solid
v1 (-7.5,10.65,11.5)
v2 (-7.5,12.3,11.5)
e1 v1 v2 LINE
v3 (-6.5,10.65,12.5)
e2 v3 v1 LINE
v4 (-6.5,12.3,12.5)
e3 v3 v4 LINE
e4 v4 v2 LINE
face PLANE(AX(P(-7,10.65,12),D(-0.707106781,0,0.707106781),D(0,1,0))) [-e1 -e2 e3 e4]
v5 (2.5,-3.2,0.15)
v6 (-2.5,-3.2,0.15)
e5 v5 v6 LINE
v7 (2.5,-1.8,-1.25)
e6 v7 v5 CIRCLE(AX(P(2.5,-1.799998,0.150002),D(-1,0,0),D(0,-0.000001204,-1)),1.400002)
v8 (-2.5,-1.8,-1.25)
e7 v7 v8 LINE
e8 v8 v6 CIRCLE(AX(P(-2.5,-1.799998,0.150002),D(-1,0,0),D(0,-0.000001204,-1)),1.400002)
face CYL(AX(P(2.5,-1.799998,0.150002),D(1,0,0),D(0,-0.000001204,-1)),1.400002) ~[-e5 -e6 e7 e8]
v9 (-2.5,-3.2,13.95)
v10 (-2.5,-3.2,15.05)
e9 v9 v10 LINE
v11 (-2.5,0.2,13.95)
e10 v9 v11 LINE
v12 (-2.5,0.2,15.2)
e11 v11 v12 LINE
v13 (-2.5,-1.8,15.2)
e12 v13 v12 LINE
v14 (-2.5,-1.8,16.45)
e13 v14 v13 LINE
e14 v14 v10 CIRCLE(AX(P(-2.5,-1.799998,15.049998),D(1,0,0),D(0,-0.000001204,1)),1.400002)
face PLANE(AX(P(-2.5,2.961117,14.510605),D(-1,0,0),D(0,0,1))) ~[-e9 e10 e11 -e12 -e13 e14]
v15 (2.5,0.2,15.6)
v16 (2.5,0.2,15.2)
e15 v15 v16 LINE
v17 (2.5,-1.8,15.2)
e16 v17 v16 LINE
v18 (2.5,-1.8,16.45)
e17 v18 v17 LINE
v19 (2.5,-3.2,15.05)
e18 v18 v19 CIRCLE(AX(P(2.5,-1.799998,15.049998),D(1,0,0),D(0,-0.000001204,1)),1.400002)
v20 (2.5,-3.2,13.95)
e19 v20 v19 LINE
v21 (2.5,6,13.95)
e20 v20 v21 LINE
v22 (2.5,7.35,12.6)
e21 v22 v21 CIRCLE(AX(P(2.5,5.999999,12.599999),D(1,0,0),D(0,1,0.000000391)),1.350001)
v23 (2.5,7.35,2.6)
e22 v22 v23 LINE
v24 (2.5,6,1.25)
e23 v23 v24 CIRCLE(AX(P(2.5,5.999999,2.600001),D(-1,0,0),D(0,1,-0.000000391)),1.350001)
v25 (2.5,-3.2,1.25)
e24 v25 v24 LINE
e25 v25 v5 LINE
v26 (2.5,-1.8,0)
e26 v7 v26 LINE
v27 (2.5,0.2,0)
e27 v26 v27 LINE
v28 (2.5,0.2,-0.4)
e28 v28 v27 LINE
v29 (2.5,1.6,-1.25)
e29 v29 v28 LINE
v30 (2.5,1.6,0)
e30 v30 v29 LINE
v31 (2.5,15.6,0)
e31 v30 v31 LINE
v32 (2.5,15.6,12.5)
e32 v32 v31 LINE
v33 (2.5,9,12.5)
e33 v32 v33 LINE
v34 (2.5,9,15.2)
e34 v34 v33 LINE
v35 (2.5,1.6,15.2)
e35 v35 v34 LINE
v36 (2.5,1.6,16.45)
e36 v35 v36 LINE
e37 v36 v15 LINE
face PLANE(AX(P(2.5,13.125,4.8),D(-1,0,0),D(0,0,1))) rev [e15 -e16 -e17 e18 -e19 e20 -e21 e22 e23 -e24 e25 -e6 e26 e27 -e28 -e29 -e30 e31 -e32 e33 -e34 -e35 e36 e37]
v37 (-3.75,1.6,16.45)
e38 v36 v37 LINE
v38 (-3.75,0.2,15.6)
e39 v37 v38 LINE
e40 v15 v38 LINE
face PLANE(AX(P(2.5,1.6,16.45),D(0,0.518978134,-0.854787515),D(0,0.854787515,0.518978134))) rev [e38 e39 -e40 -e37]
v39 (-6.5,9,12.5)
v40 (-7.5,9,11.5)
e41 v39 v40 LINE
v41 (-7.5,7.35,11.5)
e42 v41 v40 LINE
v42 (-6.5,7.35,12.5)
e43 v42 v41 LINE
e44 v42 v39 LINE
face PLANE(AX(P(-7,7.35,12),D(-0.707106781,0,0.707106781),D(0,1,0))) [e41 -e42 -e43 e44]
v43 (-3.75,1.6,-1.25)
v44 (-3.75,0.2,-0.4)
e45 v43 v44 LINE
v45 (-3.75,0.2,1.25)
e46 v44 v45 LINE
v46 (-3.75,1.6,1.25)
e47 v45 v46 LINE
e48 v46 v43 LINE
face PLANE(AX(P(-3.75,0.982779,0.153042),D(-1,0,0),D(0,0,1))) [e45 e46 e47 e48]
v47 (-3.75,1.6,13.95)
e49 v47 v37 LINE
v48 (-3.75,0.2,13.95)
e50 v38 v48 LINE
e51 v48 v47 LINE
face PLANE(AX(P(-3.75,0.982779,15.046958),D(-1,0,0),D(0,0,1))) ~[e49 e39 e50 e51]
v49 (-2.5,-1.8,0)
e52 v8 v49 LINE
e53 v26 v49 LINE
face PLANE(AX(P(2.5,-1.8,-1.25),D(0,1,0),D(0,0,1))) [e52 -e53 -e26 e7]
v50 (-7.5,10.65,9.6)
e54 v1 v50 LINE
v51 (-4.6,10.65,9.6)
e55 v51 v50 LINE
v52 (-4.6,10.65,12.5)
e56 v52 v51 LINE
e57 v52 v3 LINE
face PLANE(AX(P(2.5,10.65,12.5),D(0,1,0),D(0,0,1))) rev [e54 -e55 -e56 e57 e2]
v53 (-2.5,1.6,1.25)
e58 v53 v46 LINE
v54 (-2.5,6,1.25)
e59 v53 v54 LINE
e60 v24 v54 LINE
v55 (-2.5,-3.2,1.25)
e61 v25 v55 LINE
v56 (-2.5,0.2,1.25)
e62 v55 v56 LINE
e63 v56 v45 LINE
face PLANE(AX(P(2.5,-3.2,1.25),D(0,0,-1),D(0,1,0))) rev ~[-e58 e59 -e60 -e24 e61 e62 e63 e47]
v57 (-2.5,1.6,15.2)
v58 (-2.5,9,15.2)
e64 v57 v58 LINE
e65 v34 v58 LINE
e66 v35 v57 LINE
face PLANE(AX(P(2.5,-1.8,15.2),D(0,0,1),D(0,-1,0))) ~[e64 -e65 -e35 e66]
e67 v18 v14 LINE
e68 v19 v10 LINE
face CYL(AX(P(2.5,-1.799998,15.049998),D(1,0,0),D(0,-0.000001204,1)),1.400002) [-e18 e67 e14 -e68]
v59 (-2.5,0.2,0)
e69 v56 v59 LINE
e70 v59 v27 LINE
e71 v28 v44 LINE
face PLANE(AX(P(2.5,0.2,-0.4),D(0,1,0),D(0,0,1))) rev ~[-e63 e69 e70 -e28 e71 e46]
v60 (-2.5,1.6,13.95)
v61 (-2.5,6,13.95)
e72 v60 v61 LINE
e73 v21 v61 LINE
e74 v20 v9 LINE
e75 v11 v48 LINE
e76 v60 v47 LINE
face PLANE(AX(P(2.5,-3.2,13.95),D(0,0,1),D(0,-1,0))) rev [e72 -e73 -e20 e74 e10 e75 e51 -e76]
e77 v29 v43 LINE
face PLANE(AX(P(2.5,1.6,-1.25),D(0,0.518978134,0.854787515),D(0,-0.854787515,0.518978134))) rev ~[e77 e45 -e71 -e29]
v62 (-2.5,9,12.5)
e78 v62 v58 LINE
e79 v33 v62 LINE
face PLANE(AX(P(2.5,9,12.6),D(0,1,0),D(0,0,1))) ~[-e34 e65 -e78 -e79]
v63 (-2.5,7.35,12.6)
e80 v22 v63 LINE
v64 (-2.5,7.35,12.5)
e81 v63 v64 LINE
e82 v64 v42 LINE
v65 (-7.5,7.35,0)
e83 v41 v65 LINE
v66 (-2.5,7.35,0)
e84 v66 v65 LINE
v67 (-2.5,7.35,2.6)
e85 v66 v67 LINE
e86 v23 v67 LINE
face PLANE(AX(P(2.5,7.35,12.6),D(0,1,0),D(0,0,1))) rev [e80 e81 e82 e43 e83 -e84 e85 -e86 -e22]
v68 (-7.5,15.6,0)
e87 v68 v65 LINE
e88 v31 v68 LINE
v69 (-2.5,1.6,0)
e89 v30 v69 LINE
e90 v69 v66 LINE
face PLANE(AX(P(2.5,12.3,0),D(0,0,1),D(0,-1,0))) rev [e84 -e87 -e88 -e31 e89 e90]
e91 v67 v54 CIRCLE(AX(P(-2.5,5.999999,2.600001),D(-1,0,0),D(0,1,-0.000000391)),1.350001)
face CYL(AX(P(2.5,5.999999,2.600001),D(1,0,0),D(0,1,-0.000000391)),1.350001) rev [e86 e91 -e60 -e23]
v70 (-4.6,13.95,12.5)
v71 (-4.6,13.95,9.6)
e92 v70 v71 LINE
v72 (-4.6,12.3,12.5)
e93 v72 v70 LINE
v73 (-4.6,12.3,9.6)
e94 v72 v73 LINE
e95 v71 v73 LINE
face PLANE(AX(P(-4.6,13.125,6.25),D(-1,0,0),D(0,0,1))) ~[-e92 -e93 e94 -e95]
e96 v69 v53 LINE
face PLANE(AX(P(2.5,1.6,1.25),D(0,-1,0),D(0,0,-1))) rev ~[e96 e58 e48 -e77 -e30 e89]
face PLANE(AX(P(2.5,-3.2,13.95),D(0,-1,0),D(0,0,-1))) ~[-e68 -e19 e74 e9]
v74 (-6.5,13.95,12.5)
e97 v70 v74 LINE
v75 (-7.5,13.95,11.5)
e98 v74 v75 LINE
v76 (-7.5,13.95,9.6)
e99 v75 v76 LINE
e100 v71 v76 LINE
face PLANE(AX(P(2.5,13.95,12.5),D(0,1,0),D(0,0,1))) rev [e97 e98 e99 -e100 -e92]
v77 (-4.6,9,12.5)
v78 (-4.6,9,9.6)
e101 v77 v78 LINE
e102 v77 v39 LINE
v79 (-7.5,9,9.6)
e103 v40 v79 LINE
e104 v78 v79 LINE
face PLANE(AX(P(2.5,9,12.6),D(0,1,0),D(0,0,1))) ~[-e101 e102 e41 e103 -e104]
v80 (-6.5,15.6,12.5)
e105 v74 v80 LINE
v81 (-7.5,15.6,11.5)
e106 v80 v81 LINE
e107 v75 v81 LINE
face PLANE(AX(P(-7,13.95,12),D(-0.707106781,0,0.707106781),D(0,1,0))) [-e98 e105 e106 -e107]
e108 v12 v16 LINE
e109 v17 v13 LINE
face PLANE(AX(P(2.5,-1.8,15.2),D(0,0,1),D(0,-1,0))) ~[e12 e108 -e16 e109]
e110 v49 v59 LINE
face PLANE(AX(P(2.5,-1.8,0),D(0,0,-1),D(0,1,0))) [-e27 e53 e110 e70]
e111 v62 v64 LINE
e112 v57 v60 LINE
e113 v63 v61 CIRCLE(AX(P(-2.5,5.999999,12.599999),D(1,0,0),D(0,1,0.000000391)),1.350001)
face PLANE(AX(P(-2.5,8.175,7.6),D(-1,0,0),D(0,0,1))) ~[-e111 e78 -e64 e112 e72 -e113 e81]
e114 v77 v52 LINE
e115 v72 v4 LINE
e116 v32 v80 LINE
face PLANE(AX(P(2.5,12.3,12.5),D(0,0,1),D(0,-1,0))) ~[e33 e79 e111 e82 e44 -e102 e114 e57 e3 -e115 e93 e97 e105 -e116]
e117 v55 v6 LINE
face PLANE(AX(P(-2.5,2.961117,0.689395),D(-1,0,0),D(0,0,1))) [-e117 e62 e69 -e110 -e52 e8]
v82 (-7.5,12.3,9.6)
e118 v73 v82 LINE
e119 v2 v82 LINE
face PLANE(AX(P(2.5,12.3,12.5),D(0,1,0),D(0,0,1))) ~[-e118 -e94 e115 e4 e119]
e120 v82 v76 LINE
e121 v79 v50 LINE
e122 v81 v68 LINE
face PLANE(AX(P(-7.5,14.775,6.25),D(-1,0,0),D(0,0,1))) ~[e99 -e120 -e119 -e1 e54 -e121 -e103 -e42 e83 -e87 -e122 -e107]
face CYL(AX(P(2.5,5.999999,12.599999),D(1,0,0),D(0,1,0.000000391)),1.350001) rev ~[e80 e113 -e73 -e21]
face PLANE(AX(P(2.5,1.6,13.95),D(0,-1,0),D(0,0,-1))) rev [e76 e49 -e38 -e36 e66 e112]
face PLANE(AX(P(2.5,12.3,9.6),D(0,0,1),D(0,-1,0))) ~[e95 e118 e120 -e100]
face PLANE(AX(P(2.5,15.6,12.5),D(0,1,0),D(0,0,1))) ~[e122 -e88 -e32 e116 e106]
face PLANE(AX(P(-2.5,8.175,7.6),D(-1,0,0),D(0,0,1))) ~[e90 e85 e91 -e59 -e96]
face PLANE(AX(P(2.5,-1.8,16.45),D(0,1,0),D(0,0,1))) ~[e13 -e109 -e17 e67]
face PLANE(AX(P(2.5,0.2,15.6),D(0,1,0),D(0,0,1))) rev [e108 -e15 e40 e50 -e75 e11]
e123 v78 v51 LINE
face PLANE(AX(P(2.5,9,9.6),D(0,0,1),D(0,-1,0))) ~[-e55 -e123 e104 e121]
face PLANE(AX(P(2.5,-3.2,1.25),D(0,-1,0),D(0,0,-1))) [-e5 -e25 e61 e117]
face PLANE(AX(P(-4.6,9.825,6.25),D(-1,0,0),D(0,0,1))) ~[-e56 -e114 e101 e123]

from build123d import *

# Parameters (mm, degrees)
PAD017_DEPTH              = 5
PAD020_DEPTH              = 6.25
SKETCH038_W               = 10
SKETCH038_H               = 1.65
PAD021_DEPTH              = 5
SKETCH078_W               = 12.5
SKETCH078_H               = 1.65
PAD047_DEPTH              = 10
SKETCH076_W               = 9.6
SKETCH076_H               = 1.65
PAD048_DEPTH              = 10
SKETCH075_W               = 12.5
SKETCH075_H               = 1.65
PAD049_DEPTH              = 7.1
SKETCH077_W               = 12.5
SKETCH077_H               = 1.65
PAD050_DEPTH              = 10
LINEARPATTERN017_COUNT    = 2
LINEARPATTERN017_PITCH    = 3.3
CHAMFER007_SIZE           = 1
MIRROR009_PLACEMENT_ANGLE = 90


with BuildPart() as bc_c:
    # Sketch034 → Pad017 (new body)
    with BuildSketch(Plane.XY):
        with BuildLine():
            Line((-1.35, -1.8), (-1.35, 6))
            ThreePointArc((0, 7.35), (-0.954594, 6.954594), (-1.35, 6))
            Line((0, 9), (0, 7.35))
            Line((-2.6, 9), (0, 9))
            Line((-2.6, -1.8), (-2.6, 9))
            Line((-3.85, -1.8), (-2.6, -1.8))
            ThreePointArc((-3.85, -1.8), (-3.439949, -2.789949), (-2.45, -3.2))
            Line((-1.35, -3.2), (-2.45, -3.2))
            Line((-1.35, -1.8), (-1.35, -3.2))
        make_face()
    extrude(amount=PAD017_DEPTH)

    # Sketch037 → Pad020 (join)
    with BuildSketch(Plane.XY):
        Polygon((-1.35, 0.2), (-1.35, 1.6), (-2.6, 1.6), (-3.85, 1.6), (-3, 0.2), (-2.6, 0.2), align=None)
    extrude(amount=PAD020_DEPTH)


with BuildPart() as body026:
    # Mirror002: instance of _bc_c
    add(bc_c.part.mirror(Plane(origin=(5, 0, 0), x_dir=(0, 1, 0), z_dir=(-1, 0, 0))))

    # Fusion002: union _bc_c
    add(bc_c.part)


with BuildPart() as body026_1:
    # Clone003 placement: moved
    add(body026.part.moved(Location((-5, 0, 0))))

    # Sketch038 → Pad021 (new body)
    with BuildSketch(Plane.XY):
        with Locations((0, 8.175)):
            Rectangle(SKETCH038_W, SKETCH038_H)
    extrude(amount=PAD021_DEPTH)

    # Sketch078 → Pad047 (new body)
    with BuildSketch(Plane.XY):
        with Locations((1.35, 8.175)):
            Rectangle(SKETCH078_W, SKETCH078_H)
    extrude(amount=PAD047_DEPTH)

    # Sketch076 → Pad048 (join)
    with BuildSketch(Plane.XY):
        with Locations((2.8, 9.825)):
            Rectangle(SKETCH076_W, SKETCH076_H)
    pad048 = extrude(amount=PAD048_DEPTH)

    # Sketch075 → Pad049 (join)
    with BuildSketch(Plane.XY):
        with Locations((1.35, 9.825)):
            Rectangle(SKETCH075_W, SKETCH075_H)
    pad049 = extrude(amount=PAD049_DEPTH)

    # Sketch077 → Pad050 (join)
    with BuildSketch(Plane.XY):
        with Locations((1.35, 11.475)):
            Rectangle(SKETCH077_W, SKETCH077_H)
    pad050 = extrude(amount=PAD050_DEPTH)

    # LinearPattern017: Pad050, Pad049, Pad048 ×2
    with Locations(*[(0, i * LINEARPATTERN017_PITCH, 0) for i in range(1, LINEARPATTERN017_COUNT)]):
        add(pad050)
        add(pad049)
        add(pad048)

    # Chamfer007
    chamfer007_edges = [body026_1.edges().sort_by_distance(p)[0] for p in [
        (-4.9, 8.175, 10),
        (-4.9, 11.475, 10),
        (-4.9, 14.775, 10),
    ]]
    chamfer(chamfer007_edges, length=CHAMFER007_SIZE)


with BuildPart() as mirror009:
    # Mirror009: instance of Body026
    add(body026_1.part.mirror(Plane(origin=(0, 0, 0), x_dir=(0, -1, 0), z_dir=(1, 0, 0))))


with BuildPart() as mirror009_1:
    # Mirror009 placement: moved
    add(mirror009.part.moved(Location((2.5, 0, 7.6))).rotate(Axis((2.5, 0, 7.6), (0, -1, 0)), MIRROR009_PLACEMENT_ANGLE))


solid = mirror009_1.part
